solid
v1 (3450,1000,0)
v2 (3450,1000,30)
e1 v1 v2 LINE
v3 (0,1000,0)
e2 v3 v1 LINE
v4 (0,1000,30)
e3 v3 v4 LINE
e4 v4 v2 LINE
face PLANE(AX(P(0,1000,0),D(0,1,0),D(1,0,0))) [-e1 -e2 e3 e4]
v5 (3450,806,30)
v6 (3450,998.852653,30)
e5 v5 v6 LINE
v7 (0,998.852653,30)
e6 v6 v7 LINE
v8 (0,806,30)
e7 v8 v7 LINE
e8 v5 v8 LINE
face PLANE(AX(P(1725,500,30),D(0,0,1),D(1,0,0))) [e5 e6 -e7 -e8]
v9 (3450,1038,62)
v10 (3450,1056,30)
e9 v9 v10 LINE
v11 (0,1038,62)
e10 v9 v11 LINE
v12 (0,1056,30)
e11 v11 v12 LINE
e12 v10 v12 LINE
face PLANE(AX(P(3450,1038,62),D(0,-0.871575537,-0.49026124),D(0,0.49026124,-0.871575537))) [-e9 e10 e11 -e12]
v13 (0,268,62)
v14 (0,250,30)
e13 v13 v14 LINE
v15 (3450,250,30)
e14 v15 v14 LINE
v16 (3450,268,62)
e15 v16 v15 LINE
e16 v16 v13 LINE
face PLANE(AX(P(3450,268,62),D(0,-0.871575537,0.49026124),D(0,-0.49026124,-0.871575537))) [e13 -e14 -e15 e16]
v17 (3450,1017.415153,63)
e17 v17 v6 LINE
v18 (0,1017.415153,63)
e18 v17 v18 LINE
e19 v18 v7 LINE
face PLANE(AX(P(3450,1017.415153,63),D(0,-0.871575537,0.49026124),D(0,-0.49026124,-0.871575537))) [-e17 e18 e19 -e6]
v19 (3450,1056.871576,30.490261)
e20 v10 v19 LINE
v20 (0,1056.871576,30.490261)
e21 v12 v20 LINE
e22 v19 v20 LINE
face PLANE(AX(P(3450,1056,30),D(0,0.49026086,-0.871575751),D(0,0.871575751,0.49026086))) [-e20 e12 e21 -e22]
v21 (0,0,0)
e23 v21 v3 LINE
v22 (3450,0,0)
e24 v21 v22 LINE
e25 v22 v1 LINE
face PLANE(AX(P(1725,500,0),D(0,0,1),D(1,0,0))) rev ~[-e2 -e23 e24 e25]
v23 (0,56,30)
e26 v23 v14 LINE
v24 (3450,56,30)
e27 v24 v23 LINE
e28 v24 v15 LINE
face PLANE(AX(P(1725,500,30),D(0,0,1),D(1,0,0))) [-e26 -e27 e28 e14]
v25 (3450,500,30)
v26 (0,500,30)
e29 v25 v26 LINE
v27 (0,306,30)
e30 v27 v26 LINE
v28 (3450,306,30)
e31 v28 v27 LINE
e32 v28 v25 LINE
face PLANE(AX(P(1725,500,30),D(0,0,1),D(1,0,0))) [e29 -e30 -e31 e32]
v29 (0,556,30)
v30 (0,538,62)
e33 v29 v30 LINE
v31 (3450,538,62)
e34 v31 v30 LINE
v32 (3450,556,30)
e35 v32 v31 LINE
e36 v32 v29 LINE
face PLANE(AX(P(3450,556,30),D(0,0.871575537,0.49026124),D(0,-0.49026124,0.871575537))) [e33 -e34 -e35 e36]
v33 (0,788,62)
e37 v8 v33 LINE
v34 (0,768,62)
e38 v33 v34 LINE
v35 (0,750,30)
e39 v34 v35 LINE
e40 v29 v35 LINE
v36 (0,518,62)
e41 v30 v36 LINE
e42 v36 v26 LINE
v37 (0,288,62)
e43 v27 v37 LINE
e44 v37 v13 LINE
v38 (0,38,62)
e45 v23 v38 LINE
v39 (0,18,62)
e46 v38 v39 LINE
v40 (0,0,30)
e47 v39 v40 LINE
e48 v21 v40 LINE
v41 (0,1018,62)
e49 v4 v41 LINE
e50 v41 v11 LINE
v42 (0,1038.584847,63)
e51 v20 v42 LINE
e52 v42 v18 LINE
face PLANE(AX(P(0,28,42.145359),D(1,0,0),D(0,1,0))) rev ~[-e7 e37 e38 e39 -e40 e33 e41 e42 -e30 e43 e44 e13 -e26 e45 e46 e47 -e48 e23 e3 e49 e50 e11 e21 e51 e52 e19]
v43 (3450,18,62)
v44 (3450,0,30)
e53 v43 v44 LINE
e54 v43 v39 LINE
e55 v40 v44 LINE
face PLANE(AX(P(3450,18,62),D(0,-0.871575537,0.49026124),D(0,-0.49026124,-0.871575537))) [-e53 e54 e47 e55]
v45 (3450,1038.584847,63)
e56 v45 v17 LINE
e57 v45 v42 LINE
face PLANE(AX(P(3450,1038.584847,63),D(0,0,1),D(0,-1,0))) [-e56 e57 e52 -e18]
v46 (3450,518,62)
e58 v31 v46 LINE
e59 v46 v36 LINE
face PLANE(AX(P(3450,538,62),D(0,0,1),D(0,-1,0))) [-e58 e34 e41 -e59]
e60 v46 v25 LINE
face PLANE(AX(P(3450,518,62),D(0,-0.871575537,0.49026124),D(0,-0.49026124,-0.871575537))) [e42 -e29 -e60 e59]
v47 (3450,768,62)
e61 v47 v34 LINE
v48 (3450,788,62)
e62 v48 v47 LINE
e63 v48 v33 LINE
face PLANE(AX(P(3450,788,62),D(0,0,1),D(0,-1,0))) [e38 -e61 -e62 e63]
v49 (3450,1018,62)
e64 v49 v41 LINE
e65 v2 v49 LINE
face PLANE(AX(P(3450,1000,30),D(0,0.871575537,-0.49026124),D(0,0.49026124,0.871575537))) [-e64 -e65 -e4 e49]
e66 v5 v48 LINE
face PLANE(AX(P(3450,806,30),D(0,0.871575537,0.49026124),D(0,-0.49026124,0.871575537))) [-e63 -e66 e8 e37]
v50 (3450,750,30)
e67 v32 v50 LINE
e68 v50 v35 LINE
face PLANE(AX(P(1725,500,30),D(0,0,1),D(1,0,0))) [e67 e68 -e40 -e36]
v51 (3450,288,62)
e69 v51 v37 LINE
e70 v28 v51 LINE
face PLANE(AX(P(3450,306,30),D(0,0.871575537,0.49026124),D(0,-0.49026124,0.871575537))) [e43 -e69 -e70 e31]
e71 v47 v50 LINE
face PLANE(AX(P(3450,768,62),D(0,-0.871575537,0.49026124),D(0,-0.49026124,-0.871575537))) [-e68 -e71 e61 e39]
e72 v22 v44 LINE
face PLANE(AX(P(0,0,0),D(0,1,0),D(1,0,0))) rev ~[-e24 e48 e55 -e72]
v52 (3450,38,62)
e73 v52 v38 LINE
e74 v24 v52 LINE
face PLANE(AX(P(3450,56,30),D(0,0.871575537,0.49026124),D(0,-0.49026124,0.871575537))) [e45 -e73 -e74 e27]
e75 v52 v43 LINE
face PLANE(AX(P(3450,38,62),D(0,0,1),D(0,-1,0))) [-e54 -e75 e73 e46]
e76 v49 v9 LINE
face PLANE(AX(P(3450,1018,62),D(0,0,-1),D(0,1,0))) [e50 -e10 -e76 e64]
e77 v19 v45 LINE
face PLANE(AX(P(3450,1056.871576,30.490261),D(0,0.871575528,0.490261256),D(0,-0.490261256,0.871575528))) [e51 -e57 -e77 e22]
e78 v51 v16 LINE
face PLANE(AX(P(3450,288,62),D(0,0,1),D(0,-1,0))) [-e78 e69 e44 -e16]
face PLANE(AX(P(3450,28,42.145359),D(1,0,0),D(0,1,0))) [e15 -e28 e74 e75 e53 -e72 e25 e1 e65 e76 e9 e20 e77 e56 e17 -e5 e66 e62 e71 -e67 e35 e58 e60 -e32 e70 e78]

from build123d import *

# Parameters (mm, degrees)
F0_W     = 3450
F0_H     = 1000
F1_DEPTH = 30
F3_DEPTH = 3450


with BuildPart() as f1:
    # F0 (on Top) → F1 (new body)
    with BuildSketch(Plane.XY):
        with Locations((1725, 500)):
            Rectangle(F0_W, F0_H)
    extrude(amount=F1_DEPTH)

    # F2 (on face) → F3 (join)
    with BuildSketch(Plane.YZ.offset(3450)):
        Polygon((18, 62), (0, 30), (56, 30), (38, 62), align=None)
        Polygon((268, 62), (250, 30), (306, 30), (288, 62), align=None)
        Polygon((518, 62), (500, 30), (556, 30), (538, 62), align=None)
        Polygon((750, 30), (806, 30), (788, 62), (768, 62), align=None)
        Polygon((998.852653, 30), (1000, 30), (1018, 62), (1038, 62), (1056, 30), (1056.871576, 30.490261), (1038.584847, 63), (1017.415153, 63), align=None)
    extrude(amount=-F3_DEPTH)


solid = f1.part
